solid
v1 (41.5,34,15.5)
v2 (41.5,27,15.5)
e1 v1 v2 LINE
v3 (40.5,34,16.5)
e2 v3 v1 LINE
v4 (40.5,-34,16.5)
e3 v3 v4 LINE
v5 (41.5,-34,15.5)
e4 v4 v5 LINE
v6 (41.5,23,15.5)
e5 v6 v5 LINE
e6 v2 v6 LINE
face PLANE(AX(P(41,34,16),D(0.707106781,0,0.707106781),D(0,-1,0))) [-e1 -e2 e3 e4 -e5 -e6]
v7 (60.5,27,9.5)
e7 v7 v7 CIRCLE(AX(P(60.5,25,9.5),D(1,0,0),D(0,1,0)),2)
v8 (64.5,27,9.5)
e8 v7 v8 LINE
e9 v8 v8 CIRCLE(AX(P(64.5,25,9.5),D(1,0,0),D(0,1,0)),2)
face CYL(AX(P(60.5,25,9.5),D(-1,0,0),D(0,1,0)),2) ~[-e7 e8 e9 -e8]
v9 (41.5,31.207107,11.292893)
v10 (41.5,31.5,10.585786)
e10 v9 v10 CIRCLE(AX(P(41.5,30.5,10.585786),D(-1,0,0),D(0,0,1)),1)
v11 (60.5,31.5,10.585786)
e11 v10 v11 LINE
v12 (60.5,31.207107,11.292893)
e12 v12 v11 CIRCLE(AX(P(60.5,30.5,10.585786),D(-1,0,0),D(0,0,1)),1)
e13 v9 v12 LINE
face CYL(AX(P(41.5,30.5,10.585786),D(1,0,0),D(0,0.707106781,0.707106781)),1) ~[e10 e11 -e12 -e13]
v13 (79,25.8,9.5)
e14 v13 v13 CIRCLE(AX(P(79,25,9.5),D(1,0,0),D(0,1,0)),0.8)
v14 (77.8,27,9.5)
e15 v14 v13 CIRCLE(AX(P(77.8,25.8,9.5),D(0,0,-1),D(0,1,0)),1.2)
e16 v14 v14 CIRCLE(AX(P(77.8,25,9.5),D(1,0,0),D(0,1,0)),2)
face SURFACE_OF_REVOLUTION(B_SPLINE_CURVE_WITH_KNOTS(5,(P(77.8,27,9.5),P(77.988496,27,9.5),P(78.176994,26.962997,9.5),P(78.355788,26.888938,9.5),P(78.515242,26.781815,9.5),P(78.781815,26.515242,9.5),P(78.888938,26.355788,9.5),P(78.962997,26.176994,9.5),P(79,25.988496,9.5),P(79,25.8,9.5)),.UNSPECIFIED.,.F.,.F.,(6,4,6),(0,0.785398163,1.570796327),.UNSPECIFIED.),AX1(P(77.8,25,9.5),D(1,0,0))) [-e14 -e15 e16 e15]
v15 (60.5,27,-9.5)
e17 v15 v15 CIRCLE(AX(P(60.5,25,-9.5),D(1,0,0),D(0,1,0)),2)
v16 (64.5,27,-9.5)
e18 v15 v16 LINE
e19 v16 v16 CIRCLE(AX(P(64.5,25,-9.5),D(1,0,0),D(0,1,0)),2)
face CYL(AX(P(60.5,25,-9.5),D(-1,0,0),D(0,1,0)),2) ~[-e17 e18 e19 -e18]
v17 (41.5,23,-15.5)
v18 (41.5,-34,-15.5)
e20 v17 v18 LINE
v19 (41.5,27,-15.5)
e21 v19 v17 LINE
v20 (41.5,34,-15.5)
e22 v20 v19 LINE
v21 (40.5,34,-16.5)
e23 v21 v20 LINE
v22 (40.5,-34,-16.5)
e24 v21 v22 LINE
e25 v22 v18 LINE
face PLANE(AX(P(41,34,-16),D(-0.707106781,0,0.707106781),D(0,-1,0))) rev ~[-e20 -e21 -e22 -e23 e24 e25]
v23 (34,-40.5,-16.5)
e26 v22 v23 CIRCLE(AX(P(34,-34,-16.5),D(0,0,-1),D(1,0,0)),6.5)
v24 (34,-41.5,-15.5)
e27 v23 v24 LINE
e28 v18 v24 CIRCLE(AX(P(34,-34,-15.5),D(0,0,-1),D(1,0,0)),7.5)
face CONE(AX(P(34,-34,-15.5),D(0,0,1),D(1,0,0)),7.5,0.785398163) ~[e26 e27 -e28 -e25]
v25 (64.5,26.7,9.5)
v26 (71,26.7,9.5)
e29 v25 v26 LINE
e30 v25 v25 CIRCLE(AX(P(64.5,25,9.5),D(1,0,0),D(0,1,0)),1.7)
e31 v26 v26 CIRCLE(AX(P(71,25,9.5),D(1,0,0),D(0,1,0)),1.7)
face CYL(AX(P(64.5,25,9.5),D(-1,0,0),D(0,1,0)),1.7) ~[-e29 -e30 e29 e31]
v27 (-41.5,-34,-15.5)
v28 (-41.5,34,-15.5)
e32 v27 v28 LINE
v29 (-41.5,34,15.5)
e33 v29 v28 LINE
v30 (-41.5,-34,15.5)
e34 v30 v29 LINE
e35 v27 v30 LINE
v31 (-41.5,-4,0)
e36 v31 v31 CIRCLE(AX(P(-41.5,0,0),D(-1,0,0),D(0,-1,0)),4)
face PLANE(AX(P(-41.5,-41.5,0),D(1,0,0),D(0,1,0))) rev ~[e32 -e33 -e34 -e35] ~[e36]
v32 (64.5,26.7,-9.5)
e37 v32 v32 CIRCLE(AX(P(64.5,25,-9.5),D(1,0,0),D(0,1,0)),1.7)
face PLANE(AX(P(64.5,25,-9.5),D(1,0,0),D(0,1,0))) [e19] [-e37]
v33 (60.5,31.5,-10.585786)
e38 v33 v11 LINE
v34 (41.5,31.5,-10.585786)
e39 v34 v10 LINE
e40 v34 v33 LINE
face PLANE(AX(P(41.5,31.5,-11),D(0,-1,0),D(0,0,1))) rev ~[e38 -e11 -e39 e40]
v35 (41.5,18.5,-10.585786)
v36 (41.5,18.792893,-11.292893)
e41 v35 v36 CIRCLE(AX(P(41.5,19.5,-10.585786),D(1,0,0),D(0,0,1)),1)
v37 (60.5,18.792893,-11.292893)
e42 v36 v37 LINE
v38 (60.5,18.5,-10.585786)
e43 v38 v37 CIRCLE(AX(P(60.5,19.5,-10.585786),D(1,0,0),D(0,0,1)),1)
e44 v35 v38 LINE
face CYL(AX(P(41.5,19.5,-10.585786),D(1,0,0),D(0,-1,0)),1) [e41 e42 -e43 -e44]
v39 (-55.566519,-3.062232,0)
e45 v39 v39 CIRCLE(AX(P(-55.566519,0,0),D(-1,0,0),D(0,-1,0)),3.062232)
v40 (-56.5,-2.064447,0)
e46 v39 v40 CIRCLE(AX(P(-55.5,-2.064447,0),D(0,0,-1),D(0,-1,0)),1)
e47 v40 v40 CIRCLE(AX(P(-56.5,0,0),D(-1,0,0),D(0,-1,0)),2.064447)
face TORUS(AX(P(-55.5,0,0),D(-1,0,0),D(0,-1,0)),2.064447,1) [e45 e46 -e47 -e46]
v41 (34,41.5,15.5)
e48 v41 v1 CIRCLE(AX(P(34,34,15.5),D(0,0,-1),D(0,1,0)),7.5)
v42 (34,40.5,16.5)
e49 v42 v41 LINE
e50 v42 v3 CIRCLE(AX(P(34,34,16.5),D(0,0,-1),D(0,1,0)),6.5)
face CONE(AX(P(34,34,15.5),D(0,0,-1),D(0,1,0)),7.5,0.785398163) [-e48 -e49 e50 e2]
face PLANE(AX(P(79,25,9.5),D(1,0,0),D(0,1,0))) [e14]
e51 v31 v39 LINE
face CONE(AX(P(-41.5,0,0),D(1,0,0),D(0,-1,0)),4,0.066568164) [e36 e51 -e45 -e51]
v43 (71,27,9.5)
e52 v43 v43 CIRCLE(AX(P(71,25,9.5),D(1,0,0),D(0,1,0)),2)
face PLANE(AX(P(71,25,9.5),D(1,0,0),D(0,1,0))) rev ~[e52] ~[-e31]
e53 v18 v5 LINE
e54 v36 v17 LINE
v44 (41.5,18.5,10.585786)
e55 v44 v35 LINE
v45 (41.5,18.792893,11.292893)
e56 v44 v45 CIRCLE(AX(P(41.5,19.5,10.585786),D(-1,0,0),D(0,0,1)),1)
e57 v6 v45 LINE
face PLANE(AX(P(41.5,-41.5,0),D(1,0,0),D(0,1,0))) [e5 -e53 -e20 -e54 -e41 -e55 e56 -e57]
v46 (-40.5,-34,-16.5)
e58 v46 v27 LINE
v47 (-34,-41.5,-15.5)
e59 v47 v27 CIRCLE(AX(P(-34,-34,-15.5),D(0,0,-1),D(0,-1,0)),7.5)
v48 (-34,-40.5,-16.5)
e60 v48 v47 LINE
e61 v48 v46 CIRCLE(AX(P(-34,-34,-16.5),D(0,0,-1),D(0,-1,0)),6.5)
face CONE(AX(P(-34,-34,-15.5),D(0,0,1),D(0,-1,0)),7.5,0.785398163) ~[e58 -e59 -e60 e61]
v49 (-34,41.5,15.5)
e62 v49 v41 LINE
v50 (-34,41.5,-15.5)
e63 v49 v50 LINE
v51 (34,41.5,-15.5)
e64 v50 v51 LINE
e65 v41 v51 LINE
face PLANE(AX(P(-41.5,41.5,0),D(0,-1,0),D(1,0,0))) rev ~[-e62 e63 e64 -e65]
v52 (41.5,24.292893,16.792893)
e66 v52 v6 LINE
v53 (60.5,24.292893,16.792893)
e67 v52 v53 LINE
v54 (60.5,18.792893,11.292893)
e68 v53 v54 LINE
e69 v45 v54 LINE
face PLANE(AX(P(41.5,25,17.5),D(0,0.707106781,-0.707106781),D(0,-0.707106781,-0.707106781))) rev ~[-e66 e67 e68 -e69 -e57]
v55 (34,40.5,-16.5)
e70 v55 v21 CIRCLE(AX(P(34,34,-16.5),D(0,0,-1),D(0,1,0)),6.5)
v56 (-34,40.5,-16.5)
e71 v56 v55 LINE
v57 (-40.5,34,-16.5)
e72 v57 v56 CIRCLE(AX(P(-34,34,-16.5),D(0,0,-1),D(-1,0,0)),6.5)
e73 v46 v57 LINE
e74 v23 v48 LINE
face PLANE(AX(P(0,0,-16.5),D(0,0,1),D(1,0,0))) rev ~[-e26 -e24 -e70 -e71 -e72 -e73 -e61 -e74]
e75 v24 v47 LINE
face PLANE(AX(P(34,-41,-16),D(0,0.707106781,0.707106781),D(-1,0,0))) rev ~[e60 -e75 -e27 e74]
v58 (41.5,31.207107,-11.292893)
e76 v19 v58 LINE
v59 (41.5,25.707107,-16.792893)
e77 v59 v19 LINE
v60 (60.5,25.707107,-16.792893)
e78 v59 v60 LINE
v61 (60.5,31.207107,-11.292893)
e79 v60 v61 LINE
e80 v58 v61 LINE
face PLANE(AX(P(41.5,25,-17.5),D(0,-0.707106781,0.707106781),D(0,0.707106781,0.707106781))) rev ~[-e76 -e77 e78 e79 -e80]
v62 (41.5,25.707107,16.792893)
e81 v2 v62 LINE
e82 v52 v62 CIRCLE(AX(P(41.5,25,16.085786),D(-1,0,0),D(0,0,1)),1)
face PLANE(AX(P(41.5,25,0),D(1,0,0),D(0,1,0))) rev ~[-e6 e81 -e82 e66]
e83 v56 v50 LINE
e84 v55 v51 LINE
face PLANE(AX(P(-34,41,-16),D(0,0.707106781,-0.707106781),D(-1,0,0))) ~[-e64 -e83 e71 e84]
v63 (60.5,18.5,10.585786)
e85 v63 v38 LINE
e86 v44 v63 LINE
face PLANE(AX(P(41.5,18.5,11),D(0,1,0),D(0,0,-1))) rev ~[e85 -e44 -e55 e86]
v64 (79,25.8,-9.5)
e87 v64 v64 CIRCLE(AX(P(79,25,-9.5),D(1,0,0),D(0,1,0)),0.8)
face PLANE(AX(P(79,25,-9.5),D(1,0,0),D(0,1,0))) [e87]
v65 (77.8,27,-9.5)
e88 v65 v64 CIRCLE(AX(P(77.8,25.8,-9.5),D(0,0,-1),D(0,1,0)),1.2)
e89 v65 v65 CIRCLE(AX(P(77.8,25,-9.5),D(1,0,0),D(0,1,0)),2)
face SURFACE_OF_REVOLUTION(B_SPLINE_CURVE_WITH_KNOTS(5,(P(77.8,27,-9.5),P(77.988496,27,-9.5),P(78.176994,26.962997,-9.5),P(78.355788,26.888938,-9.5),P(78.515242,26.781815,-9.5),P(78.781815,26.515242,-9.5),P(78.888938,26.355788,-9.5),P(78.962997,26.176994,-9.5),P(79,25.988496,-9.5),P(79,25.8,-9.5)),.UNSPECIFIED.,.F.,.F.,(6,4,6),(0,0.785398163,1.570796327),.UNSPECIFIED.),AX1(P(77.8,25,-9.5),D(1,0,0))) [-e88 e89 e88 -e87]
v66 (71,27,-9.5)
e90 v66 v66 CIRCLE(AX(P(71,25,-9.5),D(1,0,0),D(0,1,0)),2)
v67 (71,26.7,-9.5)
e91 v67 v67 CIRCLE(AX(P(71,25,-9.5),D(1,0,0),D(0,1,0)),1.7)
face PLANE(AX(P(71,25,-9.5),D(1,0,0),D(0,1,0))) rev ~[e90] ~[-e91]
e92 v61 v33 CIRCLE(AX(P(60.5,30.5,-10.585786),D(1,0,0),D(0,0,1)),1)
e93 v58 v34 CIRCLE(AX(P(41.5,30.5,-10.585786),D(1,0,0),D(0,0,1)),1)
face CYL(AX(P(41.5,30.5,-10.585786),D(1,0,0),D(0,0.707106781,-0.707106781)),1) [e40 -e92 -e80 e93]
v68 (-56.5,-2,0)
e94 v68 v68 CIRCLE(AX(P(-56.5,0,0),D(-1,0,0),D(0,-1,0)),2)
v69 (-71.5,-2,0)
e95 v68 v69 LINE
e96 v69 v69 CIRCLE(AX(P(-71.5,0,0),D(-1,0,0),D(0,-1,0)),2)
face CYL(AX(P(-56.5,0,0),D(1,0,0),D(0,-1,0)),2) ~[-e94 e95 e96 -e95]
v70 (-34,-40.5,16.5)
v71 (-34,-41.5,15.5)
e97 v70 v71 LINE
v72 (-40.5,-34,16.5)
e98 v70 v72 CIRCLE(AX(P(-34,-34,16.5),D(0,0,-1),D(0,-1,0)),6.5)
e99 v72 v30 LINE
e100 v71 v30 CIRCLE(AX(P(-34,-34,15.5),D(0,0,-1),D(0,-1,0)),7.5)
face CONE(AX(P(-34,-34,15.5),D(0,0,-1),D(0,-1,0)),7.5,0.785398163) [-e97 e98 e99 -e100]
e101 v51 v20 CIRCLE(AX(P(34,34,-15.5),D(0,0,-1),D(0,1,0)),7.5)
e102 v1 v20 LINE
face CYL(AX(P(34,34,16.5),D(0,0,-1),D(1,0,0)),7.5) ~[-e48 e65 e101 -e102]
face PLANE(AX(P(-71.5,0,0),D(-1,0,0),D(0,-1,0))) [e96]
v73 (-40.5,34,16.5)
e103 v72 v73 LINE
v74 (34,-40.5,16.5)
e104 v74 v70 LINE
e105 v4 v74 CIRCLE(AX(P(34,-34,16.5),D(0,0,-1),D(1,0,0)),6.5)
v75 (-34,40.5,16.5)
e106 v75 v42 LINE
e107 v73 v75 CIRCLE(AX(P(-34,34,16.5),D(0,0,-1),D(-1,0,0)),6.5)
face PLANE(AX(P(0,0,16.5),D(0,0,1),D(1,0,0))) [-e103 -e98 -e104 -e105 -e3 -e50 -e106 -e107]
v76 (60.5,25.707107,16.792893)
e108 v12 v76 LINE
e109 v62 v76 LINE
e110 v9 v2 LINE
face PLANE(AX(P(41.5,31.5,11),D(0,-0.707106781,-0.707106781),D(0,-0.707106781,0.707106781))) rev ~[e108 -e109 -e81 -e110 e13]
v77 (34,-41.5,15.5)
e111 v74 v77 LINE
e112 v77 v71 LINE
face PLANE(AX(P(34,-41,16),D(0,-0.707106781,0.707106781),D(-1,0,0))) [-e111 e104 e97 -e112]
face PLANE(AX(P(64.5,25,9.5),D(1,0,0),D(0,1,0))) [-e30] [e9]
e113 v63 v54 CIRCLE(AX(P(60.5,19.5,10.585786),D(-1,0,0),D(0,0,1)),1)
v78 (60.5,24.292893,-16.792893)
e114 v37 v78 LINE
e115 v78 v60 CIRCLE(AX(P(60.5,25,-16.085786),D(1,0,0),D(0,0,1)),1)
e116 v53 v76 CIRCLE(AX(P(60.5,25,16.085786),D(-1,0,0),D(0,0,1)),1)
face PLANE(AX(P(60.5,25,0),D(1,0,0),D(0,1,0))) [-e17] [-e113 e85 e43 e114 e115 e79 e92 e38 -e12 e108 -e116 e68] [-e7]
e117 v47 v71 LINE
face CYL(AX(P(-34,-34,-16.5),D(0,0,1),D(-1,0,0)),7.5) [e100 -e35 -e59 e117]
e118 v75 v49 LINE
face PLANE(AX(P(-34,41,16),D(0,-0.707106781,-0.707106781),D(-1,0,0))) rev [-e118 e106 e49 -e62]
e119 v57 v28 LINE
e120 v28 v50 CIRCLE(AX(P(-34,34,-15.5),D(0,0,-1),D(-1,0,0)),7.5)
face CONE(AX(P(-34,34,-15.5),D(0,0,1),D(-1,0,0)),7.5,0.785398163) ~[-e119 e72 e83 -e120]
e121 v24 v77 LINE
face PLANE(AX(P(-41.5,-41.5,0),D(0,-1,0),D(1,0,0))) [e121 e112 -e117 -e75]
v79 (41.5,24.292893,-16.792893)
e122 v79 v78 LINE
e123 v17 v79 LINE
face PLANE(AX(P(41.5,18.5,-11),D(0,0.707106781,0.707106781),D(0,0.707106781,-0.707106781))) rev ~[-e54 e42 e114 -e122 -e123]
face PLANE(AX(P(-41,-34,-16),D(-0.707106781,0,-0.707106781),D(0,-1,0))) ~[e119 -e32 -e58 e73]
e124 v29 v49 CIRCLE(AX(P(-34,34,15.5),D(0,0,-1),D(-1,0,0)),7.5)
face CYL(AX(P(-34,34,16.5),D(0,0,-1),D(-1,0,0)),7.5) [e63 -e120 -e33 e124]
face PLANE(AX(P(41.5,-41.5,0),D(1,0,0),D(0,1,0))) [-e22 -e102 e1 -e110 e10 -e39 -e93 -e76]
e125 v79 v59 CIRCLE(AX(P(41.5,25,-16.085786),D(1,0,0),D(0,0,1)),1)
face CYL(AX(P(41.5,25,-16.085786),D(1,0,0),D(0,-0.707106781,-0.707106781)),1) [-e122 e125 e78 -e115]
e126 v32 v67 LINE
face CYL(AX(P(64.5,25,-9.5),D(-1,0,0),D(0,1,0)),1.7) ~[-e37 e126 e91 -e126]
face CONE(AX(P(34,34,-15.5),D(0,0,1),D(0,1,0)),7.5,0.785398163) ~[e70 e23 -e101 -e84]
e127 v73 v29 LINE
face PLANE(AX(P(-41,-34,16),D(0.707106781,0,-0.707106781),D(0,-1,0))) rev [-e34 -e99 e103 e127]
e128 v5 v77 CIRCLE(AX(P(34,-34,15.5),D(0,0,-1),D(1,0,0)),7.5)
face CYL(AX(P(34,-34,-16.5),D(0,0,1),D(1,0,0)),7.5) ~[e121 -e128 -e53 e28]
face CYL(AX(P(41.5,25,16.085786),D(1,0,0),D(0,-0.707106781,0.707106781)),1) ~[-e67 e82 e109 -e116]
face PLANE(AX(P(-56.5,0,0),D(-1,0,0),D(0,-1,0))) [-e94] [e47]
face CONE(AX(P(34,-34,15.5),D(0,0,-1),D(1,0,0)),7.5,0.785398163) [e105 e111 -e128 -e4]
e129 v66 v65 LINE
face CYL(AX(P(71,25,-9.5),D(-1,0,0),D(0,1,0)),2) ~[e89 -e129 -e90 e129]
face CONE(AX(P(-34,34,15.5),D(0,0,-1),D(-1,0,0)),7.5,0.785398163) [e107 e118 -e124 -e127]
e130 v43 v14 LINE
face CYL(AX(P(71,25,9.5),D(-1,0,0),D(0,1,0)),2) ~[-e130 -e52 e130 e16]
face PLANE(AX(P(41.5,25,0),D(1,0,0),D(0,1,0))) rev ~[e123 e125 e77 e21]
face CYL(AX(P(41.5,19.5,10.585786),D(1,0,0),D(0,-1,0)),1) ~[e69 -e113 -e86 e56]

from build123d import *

# Parameters (mm, degrees)
SKETCH_W     = 83
SKETCH_H     = 83
PAD_DEPTH    = 16.5
FILLET_R     = 7.5
CHAMFER_SIZE = 1
PAD001_DEPTH = 19
FILLET001_R  = 1
SKETCH002_R  = 2
PAD002_DEPTH = 4
SKETCH003_R  = 1.7
PAD003_DEPTH = 6.5
SKETCH004_R  = 2
PAD004_DEPTH = 8
FILLET002_R  = 1.2
FILLET003_R  = 1.2
FILLET004_R  = 1
SKETCH005_R  = 2
PAD005_DEPTH = 15


with BuildPart() as part:
    # Sketch → Pad (new body, symmetric)
    with BuildSketch(Plane.XY):
        Rectangle(SKETCH_W, SKETCH_H)
    extrude(amount=PAD_DEPTH, both=True)

    # Fillet
    fillet_edges = [part.edges().sort_by_distance(p)[0] for p in [
        (41.5, -41.5, 0),
        (-41.5, -41.5, 0),
        (41.5, 41.5, 0),
        (-41.5, 41.5, 0),
    ]]
    fillet(fillet_edges, radius=FILLET_R)

    # Chamfer
    chamfer_edges = [part.edges().sort_by_distance(p)[0] for p in [
        (0, 41.5, 16.5),
        (-39.303301, 39.303301, 16.5),
        (-41.5, 0, 16.5),
        (41.5, 0, 16.5),
        (39.303301, 39.303301, 16.5),
        (-39.303301, -39.303301, 16.5),
        (0, -41.5, 16.5),
        (39.303301, -39.303301, 16.5),
        (39.303301, -39.303301, -16.5),
        (0, -41.5, -16.5),
        (-39.303301, -39.303301, -16.5),
        (-41.5, 0, -16.5),
        (41.5, 0, -16.5),
        (39.303301, 39.303301, -16.5),
        (0, 41.5, -16.5),
        (-39.303301, 39.303301, -16.5),
    ]]
    chamfer(chamfer_edges, length=CHAMFER_SIZE)

    # Sketch001 (on Face13 of Chamfer) → Pad001 (join)
    with BuildSketch(Plane.YZ.offset(41.5)):
        Polygon((18.5, 11), (18.5, -11), (25, -17.5), (31.5, -11), (31.5, 11), (25, 17.5), align=None)
    extrude(amount=PAD001_DEPTH)

    # Fillet001
    fillet001_edges = [part.edges().sort_by_distance(p)[0] for p in [
        (51, 31.5, 11),
        (51, 18.5, 11),
        (51, 25, 17.5),
        (51, 18.5, -11),
        (51, 25, -17.5),
        (51, 31.5, -11),
    ]]
    fillet(fillet001_edges, radius=FILLET001_R)

    # Sketch002 (on Face12 of Fillet001) → Pad002 (join)
    with BuildSketch(Plane.YZ.offset(60.5)):
        with Locations((25, 9.5)):
            Circle(SKETCH002_R)
        with Locations((25, -9.5)):
            Circle(SKETCH002_R)
    extrude(amount=PAD002_DEPTH)

    # Sketch003 (on Face43 of Pad002) → Pad003 (join)
    with BuildSketch(Plane.YZ.offset(64.5)):
        with Locations((25, 9.5)):
            Circle(SKETCH003_R)
        with Locations((25, -9.5)):
            Circle(SKETCH003_R)
    extrude(amount=PAD003_DEPTH)

    # Sketch004 (on Face50 of Pad003) → Pad004 (join)
    with BuildSketch(Plane.YZ.offset(71)):
        with Locations((25, 9.5)):
            Circle(SKETCH004_R)
        with Locations((25, -9.5)):
            Circle(SKETCH004_R)
    extrude(amount=PAD004_DEPTH)

    # Fillet002
    fillet002_edges = [part.edges().sort_by_distance(p)[0] for p in [
        (79, 23, 9.5),
    ]]
    fillet(fillet002_edges, radius=FILLET002_R)

    # Fillet003
    fillet003_edges = [part.edges().sort_by_distance(p)[0] for p in [
        (79, 23, -9.5),
    ]]
    fillet(fillet003_edges, radius=FILLET003_R)

    # Cone → Cone (revolve)
    with BuildSketch(Plane(origin=(-41.5, 0, 0), x_dir=(0, -1, 0), z_dir=(0, 0, -1))):
        Polygon((0, 0), (4, 0), (3, 15), (0, 15), align=None)
    revolve(axis=Axis((-41.5, 0, 0), (-1, 0, 0)))

    # Fillet004
    fillet004_edges = [part.edges().sort_by_distance(p)[0] for p in [
        (-56.5, 3, 0),
    ]]
    fillet(fillet004_edges, radius=FILLET004_R)

    # Sketch005 (on Face4 of Fillet004) → Pad005 (join)
    with BuildSketch(Plane(origin=(-56.5, 0, 0), x_dir=(0, -1, 0), z_dir=(-1, 0, 0))):
        Circle(SKETCH005_R)
    extrude(amount=PAD005_DEPTH)


solid = part.part
